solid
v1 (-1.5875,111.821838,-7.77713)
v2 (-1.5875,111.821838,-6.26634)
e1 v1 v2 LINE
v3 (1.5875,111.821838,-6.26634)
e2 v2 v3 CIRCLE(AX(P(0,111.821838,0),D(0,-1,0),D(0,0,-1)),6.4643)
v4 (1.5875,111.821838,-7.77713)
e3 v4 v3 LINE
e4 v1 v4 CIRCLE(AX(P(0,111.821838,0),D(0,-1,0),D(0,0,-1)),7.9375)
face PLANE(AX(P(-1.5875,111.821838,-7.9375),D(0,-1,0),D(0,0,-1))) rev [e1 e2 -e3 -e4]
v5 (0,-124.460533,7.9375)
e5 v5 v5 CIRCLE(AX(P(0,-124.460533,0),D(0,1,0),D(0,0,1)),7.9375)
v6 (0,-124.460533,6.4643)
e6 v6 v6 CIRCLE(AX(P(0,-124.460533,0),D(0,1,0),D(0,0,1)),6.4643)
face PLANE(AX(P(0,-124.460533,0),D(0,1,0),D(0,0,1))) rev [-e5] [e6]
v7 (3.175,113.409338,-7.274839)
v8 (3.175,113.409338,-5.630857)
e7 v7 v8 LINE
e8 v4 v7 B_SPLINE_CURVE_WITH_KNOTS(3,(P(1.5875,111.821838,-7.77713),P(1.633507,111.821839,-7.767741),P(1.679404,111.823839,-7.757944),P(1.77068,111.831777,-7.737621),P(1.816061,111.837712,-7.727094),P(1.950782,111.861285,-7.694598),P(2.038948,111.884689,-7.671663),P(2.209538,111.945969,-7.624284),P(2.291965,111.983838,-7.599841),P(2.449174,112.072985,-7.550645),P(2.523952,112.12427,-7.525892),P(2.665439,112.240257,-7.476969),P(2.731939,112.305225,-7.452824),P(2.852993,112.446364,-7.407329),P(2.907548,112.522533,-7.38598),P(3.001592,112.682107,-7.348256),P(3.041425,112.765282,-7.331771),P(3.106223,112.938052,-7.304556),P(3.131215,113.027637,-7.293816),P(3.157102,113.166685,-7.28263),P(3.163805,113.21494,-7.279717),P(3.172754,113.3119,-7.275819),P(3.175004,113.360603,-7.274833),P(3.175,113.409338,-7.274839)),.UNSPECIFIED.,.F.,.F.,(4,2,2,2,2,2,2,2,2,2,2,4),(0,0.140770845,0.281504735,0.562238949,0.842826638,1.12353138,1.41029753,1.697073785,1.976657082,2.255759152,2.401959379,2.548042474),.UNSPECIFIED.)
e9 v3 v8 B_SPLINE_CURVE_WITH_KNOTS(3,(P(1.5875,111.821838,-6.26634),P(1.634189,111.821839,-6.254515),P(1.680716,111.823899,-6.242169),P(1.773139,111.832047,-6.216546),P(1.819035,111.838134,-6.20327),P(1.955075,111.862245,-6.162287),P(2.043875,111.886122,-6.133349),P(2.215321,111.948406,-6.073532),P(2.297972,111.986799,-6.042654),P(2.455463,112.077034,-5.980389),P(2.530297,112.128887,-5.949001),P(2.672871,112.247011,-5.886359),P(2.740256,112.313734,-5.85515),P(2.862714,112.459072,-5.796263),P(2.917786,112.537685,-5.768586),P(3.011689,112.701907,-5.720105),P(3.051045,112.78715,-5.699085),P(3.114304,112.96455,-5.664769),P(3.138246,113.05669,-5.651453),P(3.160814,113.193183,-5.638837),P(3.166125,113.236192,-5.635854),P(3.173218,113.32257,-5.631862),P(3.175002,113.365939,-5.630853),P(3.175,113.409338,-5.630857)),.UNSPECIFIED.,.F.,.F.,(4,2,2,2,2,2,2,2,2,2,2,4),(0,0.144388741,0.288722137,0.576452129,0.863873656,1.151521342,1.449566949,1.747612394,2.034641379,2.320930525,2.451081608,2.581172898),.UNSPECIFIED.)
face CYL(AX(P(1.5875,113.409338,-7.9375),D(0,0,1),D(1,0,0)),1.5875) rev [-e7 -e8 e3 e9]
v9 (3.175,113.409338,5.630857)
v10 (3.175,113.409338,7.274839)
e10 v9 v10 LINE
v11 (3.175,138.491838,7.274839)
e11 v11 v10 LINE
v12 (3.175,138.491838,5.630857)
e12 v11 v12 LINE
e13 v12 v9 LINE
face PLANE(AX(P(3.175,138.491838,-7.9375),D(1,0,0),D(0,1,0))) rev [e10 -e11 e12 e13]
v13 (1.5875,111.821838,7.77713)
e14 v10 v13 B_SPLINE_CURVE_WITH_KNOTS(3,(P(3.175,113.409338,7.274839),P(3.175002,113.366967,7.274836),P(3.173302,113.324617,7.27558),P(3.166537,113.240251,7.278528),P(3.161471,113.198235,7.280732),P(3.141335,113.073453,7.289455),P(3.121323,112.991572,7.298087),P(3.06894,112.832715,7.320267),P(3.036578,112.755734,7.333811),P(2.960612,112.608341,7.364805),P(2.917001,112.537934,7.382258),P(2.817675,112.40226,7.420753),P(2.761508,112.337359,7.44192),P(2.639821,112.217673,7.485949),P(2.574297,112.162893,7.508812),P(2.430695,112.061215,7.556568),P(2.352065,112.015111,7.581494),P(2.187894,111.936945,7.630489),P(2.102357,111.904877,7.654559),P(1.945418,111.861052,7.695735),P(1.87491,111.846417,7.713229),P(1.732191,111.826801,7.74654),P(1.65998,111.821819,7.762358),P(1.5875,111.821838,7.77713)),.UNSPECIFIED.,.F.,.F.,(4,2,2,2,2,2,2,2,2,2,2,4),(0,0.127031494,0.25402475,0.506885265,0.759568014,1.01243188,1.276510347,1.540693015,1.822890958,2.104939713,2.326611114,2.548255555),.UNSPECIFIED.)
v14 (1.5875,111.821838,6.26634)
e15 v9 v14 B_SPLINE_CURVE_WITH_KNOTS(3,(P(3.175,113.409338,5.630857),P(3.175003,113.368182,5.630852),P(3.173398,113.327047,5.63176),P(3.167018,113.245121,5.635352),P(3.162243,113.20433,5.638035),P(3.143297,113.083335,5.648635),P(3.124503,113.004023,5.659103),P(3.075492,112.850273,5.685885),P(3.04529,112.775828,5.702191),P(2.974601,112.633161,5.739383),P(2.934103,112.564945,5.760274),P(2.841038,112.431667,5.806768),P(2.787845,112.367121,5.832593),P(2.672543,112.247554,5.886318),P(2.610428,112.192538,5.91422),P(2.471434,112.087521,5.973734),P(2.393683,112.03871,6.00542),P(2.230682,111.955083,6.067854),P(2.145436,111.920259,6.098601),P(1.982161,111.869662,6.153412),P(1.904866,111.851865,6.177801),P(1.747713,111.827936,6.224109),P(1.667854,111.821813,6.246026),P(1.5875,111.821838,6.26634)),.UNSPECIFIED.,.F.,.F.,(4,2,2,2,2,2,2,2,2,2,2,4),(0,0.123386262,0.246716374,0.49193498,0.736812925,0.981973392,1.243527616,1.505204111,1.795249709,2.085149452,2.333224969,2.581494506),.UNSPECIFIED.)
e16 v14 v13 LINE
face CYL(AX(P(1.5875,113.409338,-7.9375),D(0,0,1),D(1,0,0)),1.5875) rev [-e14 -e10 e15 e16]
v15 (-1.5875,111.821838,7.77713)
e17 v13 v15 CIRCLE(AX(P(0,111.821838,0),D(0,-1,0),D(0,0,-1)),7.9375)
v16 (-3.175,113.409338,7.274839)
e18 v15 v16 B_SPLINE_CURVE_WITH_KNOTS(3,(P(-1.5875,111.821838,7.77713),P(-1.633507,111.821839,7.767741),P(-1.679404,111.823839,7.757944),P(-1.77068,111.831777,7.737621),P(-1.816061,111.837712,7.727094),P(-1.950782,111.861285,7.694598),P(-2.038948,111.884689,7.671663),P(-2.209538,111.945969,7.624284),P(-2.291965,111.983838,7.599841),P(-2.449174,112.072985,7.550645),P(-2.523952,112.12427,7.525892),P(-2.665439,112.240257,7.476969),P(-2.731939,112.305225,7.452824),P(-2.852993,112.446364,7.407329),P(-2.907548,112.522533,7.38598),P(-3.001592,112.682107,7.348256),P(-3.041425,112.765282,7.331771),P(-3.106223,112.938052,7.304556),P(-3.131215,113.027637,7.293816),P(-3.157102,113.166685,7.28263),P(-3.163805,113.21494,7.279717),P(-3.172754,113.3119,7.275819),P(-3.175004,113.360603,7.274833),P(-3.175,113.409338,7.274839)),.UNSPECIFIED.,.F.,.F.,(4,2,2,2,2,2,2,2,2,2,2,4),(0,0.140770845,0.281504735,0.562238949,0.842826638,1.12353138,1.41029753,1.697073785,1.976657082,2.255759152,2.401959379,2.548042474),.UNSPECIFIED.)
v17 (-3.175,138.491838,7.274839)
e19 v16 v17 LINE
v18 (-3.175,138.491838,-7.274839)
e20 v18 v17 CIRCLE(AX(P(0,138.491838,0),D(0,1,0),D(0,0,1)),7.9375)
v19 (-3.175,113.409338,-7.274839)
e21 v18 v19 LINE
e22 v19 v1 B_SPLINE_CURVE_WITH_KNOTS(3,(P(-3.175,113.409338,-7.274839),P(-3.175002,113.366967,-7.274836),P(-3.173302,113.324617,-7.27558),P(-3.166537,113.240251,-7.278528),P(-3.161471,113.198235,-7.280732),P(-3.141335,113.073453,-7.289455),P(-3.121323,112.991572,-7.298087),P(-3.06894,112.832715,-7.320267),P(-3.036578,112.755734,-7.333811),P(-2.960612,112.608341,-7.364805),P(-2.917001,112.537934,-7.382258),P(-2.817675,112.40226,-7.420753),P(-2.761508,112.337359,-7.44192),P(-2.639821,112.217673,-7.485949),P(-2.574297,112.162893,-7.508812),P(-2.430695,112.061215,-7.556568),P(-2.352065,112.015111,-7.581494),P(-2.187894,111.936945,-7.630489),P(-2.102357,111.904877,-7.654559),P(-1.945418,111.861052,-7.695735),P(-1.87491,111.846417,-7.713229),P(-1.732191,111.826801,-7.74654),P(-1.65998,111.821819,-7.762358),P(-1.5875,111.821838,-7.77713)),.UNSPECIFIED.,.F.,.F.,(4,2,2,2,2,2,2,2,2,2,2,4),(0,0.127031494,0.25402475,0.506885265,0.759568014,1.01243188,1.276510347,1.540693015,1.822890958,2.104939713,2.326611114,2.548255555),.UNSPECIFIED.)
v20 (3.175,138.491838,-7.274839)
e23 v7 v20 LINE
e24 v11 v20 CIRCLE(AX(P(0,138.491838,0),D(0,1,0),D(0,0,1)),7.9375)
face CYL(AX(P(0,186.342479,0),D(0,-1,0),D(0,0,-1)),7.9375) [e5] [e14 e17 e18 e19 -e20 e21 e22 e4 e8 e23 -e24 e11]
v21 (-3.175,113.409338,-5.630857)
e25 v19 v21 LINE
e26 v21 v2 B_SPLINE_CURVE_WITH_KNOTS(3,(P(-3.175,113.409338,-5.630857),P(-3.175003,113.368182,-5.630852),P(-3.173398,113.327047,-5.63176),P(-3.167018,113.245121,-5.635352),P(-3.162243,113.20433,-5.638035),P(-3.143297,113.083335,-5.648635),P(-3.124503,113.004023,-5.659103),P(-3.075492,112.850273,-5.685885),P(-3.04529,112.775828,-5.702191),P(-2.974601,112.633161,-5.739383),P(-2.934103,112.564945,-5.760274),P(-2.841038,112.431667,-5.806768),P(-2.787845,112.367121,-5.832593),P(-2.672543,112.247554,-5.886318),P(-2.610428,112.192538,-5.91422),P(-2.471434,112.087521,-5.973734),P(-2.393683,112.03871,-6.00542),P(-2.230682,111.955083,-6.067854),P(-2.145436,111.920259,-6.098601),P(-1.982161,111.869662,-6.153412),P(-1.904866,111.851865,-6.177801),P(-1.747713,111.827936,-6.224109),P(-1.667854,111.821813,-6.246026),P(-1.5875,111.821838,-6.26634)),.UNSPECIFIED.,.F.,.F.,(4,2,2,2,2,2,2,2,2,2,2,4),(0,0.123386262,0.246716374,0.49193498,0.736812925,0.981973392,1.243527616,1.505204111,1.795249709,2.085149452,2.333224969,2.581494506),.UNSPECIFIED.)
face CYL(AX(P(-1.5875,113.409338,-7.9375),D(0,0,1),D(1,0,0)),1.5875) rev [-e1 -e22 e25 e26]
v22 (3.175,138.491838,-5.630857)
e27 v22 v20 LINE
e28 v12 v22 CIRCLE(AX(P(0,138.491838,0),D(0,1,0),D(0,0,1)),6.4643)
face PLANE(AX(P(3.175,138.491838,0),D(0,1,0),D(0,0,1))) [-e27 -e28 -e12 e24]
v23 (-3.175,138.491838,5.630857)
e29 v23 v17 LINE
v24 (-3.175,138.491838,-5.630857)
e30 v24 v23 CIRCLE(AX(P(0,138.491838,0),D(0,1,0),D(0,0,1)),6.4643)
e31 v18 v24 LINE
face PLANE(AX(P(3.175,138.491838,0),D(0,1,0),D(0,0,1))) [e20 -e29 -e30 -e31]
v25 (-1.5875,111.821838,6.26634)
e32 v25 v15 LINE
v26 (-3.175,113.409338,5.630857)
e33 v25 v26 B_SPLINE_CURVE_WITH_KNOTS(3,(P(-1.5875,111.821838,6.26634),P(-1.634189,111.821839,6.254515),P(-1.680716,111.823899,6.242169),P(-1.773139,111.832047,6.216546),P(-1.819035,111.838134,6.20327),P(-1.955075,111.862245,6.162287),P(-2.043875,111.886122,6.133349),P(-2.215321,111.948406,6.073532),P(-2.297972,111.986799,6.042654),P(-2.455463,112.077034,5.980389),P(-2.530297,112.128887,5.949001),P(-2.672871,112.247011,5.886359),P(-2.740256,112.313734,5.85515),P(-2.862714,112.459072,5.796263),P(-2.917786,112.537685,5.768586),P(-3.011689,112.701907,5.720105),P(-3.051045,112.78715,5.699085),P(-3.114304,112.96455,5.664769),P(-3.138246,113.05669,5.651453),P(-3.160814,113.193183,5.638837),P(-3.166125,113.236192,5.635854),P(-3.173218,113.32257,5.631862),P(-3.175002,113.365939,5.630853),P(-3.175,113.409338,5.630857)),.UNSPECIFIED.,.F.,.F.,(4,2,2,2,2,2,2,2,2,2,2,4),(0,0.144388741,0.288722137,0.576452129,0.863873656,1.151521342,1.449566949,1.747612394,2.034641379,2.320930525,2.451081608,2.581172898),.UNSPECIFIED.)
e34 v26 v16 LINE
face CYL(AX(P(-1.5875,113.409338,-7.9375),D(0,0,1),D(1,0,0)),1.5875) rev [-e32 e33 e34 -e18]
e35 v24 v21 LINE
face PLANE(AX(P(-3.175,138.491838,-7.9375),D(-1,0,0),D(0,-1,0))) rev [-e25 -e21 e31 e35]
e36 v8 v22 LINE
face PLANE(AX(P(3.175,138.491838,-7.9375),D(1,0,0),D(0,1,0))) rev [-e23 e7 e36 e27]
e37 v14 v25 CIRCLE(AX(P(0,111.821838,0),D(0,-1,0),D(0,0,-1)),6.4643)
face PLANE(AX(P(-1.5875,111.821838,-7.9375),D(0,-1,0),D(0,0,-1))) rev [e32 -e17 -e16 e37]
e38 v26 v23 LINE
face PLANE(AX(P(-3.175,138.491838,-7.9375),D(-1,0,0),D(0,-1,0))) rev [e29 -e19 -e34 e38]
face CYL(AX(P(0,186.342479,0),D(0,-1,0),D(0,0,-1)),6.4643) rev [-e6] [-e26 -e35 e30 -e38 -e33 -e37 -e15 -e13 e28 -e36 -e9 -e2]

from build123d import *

# Parameters (mm, degrees)
BOSS_EXTRUDE1_START     = -124.460533
SKETCH1_R               = 7.9375
SKETCH1_R_2             = 6.4643
BOSS_EXTRUDE1_DEPTH     = 262.952371617
CUT_EXTRUDE1_DEPTH      = 139.946022527
CUT_EXTRUDE1_DEPTH_BACK = 139.946022527


with BuildPart() as part:
    # Sketch1 → Boss-Extrude1 (new body)
    with BuildSketch(Plane(origin=(0, 0, 0), x_dir=(1, 0, 0), z_dir=(0, 1, 0)).offset(BOSS_EXTRUDE1_START)):
        with Locations(Location((0, 0, 0), (0, 0, 270))):
            Circle(SKETCH1_R)
        with Locations(Location((0, 0, 0), (0, 0, 270))):
            Circle(SKETCH1_R_2, mode=Mode.SUBTRACT)
    extrude(amount=BOSS_EXTRUDE1_DEPTH)

    # Sketch2 → Cut-Extrude1 (cut, two sides: drawn at the far end of the back side and taken through both)
    with BuildSketch(Plane.XY.offset(-CUT_EXTRUDE1_DEPTH_BACK)):
        with BuildLine():
            Line((-3.175, 138.491838411), (3.175, 138.491838411))
            Line((3.175, 138.491838411), (3.175, 113.409338411))
            ThreePointArc((3.175, 113.409338411), (2.710032015, 112.286806396), (1.5875, 111.821838411))
            Line((1.5875, 111.821838411), (-1.5875, 111.821838411))
            ThreePointArc((-1.5875, 111.821838411), (-2.710032015, 112.286806396), (-3.175, 113.409338411))
            Line((-3.175, 113.409338411), (-3.175, 138.491838411))
        make_face()
    extrude(amount=CUT_EXTRUDE1_DEPTH + CUT_EXTRUDE1_DEPTH_BACK, mode=Mode.SUBTRACT)


solid = part.part
